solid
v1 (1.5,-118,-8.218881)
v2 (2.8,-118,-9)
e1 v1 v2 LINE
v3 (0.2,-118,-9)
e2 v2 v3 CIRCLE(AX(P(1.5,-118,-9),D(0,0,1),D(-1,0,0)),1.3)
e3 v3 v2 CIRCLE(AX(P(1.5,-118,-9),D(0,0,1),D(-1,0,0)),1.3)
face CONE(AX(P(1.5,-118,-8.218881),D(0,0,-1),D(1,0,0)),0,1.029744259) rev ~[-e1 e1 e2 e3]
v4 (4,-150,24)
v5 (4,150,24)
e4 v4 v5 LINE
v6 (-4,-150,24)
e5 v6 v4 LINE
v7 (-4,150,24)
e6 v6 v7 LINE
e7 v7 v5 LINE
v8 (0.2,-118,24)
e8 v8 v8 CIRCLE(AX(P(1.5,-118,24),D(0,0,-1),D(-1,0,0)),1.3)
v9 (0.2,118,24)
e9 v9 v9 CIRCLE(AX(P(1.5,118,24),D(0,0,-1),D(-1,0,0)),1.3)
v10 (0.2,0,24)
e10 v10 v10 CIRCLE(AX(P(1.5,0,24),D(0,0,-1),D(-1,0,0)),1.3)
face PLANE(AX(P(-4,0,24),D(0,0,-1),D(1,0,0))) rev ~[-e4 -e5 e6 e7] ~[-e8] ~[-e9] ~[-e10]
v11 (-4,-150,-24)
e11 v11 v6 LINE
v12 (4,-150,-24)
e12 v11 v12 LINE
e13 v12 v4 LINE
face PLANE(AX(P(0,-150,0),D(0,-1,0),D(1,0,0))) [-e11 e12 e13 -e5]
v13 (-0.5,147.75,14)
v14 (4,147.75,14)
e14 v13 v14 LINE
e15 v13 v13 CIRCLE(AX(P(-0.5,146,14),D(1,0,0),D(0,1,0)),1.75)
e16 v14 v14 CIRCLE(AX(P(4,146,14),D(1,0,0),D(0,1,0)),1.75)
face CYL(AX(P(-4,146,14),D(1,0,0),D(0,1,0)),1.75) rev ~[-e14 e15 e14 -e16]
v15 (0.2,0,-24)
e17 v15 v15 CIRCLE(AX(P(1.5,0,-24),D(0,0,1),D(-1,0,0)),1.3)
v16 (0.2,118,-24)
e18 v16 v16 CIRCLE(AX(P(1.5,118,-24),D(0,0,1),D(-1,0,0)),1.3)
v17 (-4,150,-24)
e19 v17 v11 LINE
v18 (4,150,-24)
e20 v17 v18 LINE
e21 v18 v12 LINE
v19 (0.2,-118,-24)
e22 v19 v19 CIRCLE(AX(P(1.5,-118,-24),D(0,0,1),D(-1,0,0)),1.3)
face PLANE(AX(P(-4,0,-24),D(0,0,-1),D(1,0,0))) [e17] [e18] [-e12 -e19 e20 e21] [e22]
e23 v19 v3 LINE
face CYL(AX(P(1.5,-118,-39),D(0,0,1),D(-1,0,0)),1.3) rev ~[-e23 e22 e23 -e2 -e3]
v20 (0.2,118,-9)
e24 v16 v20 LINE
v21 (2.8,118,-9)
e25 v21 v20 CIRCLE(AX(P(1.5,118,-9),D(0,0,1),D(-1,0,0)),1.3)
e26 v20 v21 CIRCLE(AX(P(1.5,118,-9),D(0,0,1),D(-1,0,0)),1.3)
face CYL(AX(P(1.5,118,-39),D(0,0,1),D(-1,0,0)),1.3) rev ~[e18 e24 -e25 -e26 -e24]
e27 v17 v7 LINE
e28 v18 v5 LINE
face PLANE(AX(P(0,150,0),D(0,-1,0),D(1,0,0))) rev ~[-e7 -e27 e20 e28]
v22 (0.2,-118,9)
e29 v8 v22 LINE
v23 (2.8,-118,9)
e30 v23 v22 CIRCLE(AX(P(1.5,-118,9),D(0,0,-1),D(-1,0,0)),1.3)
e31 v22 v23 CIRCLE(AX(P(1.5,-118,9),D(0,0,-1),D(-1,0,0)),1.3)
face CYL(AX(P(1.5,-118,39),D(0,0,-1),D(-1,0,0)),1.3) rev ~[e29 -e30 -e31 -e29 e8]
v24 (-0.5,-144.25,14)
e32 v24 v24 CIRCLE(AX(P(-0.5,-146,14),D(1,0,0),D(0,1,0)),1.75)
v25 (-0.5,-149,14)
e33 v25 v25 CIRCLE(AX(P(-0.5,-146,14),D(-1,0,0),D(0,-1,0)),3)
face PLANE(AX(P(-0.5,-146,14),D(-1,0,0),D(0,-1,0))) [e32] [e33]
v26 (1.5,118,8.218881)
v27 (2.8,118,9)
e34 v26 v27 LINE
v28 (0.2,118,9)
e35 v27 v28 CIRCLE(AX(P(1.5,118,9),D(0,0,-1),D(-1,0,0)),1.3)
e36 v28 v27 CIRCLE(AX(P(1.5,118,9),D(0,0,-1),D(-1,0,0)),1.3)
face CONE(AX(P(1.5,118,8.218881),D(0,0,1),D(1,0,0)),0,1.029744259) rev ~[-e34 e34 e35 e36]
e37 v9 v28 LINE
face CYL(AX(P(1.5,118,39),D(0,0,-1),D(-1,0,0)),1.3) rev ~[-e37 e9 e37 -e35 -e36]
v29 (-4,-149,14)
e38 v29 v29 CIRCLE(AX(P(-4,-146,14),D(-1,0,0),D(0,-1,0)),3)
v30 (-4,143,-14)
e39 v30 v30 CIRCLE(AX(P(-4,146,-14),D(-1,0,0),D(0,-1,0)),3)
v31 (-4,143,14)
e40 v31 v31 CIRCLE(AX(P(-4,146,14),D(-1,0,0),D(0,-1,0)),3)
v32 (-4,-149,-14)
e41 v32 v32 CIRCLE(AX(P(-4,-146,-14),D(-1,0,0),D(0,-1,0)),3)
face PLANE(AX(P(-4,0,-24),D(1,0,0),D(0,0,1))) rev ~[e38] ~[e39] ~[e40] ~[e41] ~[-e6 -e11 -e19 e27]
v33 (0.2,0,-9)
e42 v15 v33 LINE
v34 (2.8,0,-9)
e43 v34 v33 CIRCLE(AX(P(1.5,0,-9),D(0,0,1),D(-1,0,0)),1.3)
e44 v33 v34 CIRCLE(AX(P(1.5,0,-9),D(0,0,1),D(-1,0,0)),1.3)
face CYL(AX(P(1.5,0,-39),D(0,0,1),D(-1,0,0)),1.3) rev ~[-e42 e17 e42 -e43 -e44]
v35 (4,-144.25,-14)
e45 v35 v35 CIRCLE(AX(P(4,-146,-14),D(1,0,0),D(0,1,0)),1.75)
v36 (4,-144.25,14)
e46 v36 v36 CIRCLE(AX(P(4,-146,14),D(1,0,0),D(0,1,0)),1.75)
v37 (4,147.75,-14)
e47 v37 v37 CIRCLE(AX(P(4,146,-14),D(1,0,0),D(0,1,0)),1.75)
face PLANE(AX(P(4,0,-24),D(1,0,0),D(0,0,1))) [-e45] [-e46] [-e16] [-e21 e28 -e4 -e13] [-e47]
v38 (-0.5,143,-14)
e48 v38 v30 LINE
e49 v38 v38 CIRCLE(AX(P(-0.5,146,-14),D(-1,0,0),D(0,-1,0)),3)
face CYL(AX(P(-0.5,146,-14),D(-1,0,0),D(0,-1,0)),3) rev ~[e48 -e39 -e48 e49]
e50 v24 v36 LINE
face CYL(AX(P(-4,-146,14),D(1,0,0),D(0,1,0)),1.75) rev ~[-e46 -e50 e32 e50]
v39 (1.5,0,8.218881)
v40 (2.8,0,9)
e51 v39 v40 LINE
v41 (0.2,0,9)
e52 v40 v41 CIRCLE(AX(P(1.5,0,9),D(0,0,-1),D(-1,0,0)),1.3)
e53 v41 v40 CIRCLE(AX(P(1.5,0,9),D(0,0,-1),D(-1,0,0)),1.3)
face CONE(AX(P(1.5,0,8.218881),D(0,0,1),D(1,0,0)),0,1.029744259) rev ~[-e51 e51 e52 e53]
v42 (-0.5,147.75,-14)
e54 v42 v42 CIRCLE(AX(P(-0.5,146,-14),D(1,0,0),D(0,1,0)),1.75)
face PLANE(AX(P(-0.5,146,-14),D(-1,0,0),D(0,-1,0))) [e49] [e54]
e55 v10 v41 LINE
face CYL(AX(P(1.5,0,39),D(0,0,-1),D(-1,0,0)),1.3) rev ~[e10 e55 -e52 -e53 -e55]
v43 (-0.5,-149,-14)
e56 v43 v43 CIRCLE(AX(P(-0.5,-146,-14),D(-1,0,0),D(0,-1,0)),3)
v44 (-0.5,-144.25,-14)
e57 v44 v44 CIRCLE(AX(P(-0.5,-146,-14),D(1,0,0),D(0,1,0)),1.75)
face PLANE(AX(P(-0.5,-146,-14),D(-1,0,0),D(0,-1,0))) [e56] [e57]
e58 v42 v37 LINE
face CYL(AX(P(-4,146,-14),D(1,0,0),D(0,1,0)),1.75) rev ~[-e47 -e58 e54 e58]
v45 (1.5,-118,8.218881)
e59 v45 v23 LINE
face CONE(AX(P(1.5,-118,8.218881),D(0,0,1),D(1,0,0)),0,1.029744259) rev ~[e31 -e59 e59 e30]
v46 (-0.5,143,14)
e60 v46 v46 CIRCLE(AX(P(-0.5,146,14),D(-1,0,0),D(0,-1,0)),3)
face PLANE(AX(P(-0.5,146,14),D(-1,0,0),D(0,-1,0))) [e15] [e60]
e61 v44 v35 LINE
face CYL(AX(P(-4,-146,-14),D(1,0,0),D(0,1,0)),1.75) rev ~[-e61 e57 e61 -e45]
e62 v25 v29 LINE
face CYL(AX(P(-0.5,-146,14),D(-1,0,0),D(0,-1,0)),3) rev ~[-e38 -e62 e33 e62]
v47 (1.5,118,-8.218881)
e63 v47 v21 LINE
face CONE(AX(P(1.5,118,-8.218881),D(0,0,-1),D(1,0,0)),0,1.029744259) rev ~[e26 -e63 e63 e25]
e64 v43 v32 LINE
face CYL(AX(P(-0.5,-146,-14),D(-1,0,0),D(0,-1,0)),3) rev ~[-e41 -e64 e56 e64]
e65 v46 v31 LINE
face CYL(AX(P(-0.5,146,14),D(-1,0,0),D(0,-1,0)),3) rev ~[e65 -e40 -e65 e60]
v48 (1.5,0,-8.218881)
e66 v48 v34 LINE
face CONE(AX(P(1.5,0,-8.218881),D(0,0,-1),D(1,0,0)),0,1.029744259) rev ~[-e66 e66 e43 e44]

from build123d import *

# Parameters (mm, degrees)
F0_W           = 8
F0_H           = 48
F1_DEPTH       = 150
F4_D           = 2.6
F4_DEPTH       = 15
F4_TIP         = 0.7811188047
F4_ON_F2_D     = 2.6
F4_ON_F2_DEPTH = 15
F4_ON_F2_TIP   = 0.7811188047
F6_D           = 3.5
F6_CBORE_D     = 6
F6_CBORE_DEPTH = 3.5


with BuildPart() as f1:
    # F0 (on Front) → F1 (new body, symmetric)
    with BuildSketch(Plane.XZ):
        Rectangle(F0_W, F0_H)
    extrude(amount=F1_DEPTH, both=True)

    # F4
    with Locations(Plane(origin=(0, 0, -24), x_dir=(1, 0, 0), z_dir=(0, 0, -1))):
        with Locations((1.5, -118), (1.5, 0), (1.5, 118)):
            Hole(F4_D / 2, depth=F4_DEPTH)
            with Locations((0, 0, -(F4_DEPTH + F4_TIP / 2))):  # 118° drill point
                Cone(0, F4_D / 2, F4_TIP, mode=Mode.SUBTRACT)

    # F4 on F2
    with Locations(Plane.XY.offset(24)):
        with Locations((1.5, -118), (1.5, 0), (1.5, 118)):
            Hole(F4_ON_F2_D / 2, depth=F4_ON_F2_DEPTH)
            with Locations((0, 0, -(F4_ON_F2_DEPTH + F4_ON_F2_TIP / 2))):  # 118° drill point
                Cone(0, F4_ON_F2_D / 2, F4_ON_F2_TIP, mode=Mode.SUBTRACT)

    # F6 (through all)
    with Locations(Plane(origin=(-4, 0, 0), x_dir=(0, -1, 0), z_dir=(-1, 0, 0))):
        with Locations((146, 14), (146, -14), (-146, -14), (-146, 14)):
            CounterBoreHole(F6_D / 2, F6_CBORE_D / 2, F6_CBORE_DEPTH)


solid = f1.part
